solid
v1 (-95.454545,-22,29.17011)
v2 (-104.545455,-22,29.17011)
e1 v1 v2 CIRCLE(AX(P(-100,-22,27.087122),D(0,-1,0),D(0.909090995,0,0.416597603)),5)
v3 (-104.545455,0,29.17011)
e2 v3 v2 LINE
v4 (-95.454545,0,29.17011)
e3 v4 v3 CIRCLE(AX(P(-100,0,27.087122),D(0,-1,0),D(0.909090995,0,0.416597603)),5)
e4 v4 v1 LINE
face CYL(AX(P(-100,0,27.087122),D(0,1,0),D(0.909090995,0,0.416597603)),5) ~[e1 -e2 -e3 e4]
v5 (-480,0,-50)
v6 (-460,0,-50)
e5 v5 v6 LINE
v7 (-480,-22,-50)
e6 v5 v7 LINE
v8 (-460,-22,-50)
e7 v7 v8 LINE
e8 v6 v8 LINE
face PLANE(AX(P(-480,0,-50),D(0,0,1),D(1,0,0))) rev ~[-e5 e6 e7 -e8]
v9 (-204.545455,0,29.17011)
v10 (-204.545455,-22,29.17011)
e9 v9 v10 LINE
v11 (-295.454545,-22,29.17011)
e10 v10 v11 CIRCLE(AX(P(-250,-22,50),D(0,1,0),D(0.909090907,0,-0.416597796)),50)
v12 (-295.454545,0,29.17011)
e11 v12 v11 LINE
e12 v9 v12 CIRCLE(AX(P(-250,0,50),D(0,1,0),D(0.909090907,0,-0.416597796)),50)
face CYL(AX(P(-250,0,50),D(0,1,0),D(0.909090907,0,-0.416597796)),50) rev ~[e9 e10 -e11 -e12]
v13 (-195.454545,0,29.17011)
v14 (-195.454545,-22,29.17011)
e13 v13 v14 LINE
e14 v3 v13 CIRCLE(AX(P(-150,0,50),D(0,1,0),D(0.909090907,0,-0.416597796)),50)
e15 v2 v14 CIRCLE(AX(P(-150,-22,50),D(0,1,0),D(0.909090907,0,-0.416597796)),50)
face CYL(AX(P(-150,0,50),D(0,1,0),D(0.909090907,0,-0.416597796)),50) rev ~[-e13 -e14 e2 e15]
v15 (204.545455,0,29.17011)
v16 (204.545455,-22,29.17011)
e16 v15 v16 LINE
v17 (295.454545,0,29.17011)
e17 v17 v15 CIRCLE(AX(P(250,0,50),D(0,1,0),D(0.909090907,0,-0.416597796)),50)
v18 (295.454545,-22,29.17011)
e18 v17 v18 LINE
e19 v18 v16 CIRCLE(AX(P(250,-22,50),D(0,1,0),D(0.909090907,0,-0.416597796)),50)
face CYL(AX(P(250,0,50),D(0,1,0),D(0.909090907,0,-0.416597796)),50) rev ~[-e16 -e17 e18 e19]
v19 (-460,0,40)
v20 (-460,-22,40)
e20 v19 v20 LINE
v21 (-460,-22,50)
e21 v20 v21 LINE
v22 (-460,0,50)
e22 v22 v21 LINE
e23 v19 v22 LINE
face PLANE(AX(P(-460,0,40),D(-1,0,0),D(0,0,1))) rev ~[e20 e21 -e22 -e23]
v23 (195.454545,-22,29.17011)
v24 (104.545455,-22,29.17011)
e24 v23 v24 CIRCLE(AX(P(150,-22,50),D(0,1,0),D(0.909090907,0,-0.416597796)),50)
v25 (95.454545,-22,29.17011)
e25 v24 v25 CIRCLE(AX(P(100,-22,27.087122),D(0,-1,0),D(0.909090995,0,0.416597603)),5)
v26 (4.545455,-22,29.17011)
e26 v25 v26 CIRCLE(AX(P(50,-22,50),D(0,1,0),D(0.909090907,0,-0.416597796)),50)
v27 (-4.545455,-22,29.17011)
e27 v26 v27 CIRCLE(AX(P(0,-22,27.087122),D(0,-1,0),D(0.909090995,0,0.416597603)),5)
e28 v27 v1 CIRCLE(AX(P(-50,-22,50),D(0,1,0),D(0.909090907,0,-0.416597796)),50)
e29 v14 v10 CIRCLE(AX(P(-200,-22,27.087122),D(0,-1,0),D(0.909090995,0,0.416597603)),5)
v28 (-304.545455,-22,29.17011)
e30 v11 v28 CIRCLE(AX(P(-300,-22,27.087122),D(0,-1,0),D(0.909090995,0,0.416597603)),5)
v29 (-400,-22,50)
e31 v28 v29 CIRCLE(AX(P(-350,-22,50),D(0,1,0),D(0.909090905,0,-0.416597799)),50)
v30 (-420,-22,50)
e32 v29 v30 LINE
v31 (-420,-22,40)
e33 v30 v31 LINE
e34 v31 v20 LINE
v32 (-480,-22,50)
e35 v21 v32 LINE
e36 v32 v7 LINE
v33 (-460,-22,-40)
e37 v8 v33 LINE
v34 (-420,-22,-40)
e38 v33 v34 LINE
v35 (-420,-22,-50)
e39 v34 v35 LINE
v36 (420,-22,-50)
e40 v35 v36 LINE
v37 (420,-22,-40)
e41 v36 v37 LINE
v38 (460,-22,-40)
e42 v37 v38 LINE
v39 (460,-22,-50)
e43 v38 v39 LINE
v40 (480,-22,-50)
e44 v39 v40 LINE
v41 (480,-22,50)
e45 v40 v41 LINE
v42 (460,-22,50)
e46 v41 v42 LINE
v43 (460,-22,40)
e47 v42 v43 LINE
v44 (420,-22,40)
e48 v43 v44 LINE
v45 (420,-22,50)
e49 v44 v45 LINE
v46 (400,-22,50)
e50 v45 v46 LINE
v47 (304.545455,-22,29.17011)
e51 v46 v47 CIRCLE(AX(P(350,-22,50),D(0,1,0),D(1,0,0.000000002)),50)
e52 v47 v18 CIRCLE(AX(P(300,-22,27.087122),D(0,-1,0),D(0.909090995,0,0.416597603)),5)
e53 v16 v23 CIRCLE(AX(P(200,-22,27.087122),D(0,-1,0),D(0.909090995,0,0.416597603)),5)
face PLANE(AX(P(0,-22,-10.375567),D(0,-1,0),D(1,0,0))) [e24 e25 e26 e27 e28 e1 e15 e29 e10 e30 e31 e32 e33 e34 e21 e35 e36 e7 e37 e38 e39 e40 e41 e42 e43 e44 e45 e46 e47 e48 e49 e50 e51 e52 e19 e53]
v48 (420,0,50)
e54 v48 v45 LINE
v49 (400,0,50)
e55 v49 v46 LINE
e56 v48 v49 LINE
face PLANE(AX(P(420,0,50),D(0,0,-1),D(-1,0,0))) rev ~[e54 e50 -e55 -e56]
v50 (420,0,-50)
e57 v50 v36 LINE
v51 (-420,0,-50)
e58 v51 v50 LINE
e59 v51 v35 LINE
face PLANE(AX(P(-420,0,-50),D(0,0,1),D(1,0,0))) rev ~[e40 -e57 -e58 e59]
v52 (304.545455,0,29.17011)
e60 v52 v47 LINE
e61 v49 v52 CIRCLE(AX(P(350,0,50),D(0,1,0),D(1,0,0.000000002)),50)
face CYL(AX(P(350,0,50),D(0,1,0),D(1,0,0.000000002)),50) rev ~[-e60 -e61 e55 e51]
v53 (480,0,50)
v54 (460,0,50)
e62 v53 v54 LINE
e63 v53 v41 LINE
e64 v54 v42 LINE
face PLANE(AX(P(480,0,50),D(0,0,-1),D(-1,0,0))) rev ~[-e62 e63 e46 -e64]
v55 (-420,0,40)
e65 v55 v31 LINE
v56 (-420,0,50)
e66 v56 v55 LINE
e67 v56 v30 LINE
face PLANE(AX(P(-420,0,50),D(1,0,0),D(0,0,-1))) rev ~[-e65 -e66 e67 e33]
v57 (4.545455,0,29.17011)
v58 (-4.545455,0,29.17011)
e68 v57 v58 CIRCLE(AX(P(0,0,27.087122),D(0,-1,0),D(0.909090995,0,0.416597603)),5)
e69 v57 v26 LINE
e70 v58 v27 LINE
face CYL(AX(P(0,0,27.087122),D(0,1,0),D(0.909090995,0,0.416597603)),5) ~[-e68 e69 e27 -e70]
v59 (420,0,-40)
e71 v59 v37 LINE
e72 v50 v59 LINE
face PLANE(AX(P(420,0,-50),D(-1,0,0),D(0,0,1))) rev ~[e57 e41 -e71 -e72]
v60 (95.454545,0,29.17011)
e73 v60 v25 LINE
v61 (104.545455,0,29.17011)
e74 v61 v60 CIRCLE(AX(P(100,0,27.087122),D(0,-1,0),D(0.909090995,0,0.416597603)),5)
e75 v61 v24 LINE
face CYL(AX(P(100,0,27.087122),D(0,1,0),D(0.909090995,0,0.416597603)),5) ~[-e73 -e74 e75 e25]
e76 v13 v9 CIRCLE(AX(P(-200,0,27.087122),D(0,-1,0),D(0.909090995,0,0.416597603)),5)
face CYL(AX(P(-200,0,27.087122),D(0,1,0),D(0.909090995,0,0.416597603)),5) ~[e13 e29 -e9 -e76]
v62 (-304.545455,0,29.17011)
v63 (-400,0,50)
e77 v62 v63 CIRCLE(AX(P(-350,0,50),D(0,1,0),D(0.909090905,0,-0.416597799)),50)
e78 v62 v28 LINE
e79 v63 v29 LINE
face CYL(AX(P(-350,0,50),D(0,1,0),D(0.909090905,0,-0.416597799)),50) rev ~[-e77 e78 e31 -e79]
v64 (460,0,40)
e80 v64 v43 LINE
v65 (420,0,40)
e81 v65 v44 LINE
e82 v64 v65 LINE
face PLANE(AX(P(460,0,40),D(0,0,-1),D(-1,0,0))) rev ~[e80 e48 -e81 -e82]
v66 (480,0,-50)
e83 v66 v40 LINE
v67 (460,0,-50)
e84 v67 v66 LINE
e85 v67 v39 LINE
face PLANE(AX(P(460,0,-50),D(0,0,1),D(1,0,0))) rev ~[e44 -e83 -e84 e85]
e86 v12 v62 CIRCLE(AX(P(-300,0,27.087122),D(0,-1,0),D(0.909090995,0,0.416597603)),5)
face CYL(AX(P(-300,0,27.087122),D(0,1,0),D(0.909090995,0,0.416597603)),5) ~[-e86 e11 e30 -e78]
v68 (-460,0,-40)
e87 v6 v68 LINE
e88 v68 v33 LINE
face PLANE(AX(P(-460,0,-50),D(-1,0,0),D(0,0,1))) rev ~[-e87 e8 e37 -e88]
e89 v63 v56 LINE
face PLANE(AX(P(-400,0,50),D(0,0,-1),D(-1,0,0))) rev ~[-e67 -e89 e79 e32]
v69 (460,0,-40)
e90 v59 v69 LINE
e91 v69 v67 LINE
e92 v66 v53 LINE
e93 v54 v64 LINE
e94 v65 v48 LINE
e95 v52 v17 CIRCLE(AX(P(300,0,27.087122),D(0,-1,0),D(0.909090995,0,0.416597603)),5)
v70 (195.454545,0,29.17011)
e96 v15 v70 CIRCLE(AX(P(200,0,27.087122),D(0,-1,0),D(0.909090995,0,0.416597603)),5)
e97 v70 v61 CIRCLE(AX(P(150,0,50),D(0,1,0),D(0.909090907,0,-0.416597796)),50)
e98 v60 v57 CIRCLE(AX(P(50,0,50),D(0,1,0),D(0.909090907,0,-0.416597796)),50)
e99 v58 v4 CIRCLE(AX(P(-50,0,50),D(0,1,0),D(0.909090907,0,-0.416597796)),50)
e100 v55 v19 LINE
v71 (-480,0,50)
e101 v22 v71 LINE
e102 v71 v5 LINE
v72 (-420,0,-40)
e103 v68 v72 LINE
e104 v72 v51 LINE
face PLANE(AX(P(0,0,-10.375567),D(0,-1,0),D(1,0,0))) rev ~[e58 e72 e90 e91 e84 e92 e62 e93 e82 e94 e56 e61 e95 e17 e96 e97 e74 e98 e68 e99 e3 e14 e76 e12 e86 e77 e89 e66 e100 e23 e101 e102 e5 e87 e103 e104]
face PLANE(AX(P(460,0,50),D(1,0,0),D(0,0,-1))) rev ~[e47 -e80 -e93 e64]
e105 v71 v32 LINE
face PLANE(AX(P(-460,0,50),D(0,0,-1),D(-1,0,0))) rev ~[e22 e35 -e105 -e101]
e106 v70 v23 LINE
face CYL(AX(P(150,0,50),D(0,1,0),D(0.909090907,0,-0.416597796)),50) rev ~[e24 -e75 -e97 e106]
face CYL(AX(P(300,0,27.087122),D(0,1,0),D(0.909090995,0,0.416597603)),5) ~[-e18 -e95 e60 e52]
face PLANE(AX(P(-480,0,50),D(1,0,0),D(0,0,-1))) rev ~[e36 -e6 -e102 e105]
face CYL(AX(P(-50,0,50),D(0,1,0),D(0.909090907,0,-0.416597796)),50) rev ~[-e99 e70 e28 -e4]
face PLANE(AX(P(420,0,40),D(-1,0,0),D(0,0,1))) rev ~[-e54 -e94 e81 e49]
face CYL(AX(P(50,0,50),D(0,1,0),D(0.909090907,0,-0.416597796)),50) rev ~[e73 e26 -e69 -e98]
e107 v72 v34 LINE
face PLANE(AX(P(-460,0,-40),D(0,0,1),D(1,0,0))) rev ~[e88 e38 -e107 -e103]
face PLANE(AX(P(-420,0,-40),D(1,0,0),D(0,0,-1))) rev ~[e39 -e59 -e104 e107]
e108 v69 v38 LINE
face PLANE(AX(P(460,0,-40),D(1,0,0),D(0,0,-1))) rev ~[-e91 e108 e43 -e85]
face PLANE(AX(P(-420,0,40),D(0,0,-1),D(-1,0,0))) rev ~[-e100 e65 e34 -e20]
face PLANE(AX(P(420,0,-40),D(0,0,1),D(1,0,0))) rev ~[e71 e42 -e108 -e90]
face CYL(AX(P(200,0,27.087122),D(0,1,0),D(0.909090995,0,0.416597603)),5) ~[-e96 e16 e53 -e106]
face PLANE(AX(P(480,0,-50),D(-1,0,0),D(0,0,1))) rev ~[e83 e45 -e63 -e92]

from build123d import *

# Parameters (mm, degrees)
F1_DEPTH = 22


with BuildPart() as f1:
    # F0 (on Front) → F1 (new body)
    with BuildSketch(Plane.XZ):
        with BuildLine():
            Line((460, -50), (480, -50))
            Line((480, -50), (480, 50))
            Line((480, 50), (460, 50))
            Line((460, 50), (460, 40))
            Line((460, 40), (420, 40))
            Line((420, 40), (420, 50))
            Line((420, 50), (400, 50))
            ThreePointArc((400, 50), (360.660036, 1.149579), (304.545455, 29.17011))
            ThreePointArc((304.545455, 29.17011), (300, 32.087122), (295.454545, 29.17011))
            ThreePointArc((295.454545, 29.17011), (250, 0), (204.545455, 29.17011))
            ThreePointArc((204.545455, 29.17011), (200, 32.087122), (195.454545, 29.17011))
            ThreePointArc((195.454545, 29.17011), (150, 0), (104.545455, 29.17011))
            ThreePointArc((104.545455, 29.17011), (100, 32.087122), (95.454545, 29.17011))
            ThreePointArc((95.454545, 29.17011), (50, 0), (4.545455, 29.17011))
            ThreePointArc((4.545455, 29.17011), (0, 32.087122), (-4.545455, 29.17011))
            ThreePointArc((-4.545455, 29.17011), (-50, 0), (-95.454545, 29.17011))
            ThreePointArc((-95.454545, 29.17011), (-100, 32.087122), (-104.545455, 29.17011))
            ThreePointArc((-104.545455, 29.17011), (-150, 0), (-195.454545, 29.17011))
            ThreePointArc((-195.454545, 29.17011), (-200, 32.087122), (-204.545455, 29.17011))
            ThreePointArc((-204.545455, 29.17011), (-250, 0), (-295.454545, 29.17011))
            ThreePointArc((-295.454545, 29.17011), (-300, 32.087122), (-304.545455, 29.17011))
            ThreePointArc((-304.545455, 29.17011), (-360.660036, 1.149579), (-400, 50))
            Line((-400, 50), (-420, 50))
            Line((-420, 50), (-420, 40))
            Line((-420, 40), (-460, 40))
            Line((-460, 40), (-460, 50))
            Line((-460, 50), (-480, 50))
            Line((-480, 50), (-480, -50))
            Line((-480, -50), (-460, -50))
            Line((-460, -50), (-460, -40))
            Line((-460, -40), (-420, -40))
            Line((-420, -40), (-420, -50))
            Line((-420, -50), (420, -50))
            Line((420, -50), (420, -40))
            Line((420, -40), (460, -40))
            Line((460, -40), (460, -50))
        make_face()
    extrude(amount=F1_DEPTH)


solid = f1.part
